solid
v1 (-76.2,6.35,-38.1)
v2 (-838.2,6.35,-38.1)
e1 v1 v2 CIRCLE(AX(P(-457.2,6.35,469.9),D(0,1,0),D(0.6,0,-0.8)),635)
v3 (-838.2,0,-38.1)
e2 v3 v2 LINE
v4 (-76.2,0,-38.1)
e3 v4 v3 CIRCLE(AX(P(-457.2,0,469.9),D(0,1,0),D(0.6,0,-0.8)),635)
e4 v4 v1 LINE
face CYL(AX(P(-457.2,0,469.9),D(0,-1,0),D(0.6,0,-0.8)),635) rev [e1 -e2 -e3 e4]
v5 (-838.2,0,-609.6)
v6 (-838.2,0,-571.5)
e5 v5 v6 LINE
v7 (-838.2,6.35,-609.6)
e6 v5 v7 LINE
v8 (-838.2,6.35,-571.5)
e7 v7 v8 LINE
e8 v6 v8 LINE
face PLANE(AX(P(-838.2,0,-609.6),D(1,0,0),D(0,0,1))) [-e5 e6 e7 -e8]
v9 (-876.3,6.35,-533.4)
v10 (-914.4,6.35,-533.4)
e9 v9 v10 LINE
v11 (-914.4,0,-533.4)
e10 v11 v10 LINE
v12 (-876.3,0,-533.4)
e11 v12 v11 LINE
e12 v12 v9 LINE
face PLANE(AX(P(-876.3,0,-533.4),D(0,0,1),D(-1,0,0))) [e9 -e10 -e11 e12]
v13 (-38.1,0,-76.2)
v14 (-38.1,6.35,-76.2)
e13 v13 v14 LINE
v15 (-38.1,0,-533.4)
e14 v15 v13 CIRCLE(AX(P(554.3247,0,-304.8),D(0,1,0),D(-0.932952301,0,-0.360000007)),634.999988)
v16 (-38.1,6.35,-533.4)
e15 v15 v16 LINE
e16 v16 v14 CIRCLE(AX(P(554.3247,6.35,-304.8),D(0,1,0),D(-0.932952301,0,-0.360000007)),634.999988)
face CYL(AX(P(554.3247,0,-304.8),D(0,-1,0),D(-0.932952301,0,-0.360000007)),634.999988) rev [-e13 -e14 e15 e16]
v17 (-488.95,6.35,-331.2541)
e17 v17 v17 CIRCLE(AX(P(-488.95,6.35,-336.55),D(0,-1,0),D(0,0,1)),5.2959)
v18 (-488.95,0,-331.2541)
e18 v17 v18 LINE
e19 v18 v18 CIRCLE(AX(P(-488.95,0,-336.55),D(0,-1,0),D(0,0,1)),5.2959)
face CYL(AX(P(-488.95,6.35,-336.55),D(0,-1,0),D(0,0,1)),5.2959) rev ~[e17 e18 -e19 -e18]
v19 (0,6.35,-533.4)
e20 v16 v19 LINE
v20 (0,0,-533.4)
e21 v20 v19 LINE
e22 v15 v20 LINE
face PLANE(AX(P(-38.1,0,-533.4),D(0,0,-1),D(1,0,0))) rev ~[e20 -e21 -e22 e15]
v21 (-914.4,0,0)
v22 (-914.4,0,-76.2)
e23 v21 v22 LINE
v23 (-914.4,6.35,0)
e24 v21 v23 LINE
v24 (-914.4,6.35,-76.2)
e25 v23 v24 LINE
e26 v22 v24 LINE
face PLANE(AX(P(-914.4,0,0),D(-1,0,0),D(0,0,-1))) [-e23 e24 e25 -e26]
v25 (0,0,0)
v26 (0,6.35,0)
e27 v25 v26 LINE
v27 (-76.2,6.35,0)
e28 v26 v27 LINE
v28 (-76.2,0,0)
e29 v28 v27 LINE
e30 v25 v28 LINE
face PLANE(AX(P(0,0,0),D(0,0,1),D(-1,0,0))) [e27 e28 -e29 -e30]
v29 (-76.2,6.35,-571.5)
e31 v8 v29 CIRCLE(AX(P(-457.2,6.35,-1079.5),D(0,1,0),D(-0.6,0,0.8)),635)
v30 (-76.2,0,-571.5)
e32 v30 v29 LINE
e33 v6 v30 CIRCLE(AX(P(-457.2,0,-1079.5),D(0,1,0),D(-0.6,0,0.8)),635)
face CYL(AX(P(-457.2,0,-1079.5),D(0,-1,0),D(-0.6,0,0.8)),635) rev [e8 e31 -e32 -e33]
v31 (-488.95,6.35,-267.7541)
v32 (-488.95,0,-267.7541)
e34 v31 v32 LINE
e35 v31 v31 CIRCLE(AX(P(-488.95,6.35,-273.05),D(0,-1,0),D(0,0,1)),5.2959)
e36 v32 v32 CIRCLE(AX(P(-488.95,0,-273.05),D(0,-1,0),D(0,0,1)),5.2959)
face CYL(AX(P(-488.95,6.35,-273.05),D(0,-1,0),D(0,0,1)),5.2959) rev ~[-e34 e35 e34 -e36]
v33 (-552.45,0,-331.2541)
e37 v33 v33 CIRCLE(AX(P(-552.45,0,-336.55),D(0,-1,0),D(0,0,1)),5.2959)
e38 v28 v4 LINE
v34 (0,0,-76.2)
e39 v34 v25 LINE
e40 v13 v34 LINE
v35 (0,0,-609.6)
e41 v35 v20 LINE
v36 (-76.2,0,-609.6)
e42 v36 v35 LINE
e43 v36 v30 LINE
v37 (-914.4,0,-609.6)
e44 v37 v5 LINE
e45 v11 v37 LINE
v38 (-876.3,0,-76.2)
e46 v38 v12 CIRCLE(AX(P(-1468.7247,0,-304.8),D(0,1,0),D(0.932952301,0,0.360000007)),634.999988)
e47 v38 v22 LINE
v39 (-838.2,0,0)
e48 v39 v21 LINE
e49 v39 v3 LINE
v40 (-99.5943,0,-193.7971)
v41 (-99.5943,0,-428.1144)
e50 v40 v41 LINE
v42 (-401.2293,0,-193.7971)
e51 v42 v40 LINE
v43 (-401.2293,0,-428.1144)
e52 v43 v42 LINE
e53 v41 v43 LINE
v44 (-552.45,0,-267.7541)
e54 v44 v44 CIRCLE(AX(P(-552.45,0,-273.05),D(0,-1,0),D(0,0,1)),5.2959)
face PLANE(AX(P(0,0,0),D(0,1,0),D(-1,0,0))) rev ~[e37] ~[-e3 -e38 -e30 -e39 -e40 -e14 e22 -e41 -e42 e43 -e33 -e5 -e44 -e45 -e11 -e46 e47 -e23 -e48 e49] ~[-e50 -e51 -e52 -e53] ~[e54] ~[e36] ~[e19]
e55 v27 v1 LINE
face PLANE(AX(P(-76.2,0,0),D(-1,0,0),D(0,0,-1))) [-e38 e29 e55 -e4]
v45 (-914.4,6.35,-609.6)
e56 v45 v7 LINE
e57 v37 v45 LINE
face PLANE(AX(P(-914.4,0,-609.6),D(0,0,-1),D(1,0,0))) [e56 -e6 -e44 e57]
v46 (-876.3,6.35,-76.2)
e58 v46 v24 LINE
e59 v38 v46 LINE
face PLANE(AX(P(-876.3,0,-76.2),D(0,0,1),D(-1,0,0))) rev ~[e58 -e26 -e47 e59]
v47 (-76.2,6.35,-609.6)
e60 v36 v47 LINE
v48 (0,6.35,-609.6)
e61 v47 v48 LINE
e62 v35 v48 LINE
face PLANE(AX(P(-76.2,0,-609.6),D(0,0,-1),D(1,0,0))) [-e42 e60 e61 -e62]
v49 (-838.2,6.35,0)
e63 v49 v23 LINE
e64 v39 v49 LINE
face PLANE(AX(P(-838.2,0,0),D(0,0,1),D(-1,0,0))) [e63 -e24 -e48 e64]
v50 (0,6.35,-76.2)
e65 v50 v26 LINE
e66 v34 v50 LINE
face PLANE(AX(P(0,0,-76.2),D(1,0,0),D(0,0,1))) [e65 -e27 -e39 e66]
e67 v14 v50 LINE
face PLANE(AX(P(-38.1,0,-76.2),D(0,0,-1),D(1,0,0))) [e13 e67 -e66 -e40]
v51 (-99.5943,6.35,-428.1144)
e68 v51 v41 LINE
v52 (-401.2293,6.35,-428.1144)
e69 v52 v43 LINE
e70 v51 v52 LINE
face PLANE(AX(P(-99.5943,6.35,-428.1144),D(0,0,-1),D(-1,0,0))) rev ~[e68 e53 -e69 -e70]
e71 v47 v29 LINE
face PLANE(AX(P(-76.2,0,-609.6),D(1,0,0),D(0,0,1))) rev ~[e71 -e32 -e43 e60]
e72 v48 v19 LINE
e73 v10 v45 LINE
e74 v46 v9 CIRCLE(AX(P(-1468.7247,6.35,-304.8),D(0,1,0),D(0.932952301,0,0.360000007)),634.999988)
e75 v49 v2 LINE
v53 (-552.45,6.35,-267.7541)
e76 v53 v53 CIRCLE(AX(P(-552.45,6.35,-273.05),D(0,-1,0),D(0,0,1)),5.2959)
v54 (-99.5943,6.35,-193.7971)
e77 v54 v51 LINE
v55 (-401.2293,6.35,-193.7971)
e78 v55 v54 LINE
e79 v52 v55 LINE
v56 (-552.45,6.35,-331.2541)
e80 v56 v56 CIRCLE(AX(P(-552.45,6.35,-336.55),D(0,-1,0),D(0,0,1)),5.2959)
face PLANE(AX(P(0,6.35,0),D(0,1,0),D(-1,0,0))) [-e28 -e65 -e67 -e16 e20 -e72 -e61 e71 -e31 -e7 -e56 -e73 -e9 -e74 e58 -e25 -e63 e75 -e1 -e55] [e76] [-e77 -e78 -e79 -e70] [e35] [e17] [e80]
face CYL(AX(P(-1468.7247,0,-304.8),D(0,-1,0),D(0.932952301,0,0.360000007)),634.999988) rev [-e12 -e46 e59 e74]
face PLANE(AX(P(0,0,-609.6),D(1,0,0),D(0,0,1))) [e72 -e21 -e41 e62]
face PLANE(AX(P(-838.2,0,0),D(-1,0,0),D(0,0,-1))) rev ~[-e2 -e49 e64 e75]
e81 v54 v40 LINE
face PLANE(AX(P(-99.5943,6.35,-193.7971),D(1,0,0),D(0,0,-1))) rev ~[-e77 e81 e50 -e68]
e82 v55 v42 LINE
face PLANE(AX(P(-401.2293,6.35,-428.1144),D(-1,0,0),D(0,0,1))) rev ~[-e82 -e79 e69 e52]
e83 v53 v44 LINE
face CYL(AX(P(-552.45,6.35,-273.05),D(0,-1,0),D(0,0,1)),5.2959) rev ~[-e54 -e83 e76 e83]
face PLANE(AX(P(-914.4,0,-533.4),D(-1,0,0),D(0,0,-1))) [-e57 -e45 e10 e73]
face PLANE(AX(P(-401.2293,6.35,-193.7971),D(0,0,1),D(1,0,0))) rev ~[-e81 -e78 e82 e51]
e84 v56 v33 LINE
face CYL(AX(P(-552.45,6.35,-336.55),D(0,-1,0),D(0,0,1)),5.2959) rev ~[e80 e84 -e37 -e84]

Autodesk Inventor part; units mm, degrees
ref_plane "YZ Plane" through (0, 0, 0) normal (1, 0, 0) x (0, 1, 0)
ref_plane "XZ Plane" through (0, 0, 0) normal (0, 1, 0) x (-1, 0, 0)
ref_plane "XY Plane" through (0, 0, 0) normal (0, 0, 1) x (1, 0, 0)
sketch "Sketch1" plane through (0, 0, 0) normal (0, 1, 0) x (-1, 0, 0)
  line L0 (0, 0) -> (914.4, 0)
  line L1 (914.4, 0) -> (914.4, -609.6)
  line L2 (914.4, -609.6) -> (0, -609.6)
  line L3 (0, -609.6) -> (0, 0)
  line L4 (0, -609.6) -> (76.2, -609.6)
  line L5 (76.2, -609.6) -> (76.2, -533.4)
  line L6 (76.2, -533.4) -> (0, -533.4)
  line L7 (0, -533.4) -> (0, -609.6)
  line L8 (0, 0) -> (76.2, 0)
  line L9 (76.2, 0) -> (76.2, -76.2)
  line L10 (76.2, -76.2) -> (0, -76.2)
  line L11 (0, -76.2) -> (0, 0)
  line L12 (914.4, -609.6) -> (838.2, -609.6)
  line L13 (838.2, -609.6) -> (838.2, -533.4)
  line L14 (838.2, -533.4) -> (914.4, -533.4)
  line L15 (914.4, -533.4) -> (914.4, -609.6)
  line L16 (914.4, 0) -> (838.2, 0)
  line L17 (838.2, 0) -> (838.2, -76.2)
  line L18 (838.2, -76.2) -> (914.4, -76.2)
  line L19 (914.4, -76.2) -> (914.4, 0)
  arc A0 (838.2, -571.5) -> (76.2, -571.5) centre (457.2, -1079.5) ccw
  arc A1 (76.2, -38.1) -> (838.2, -38.1) centre (457.2, 469.9) ccw
  arc A2 (876.3, -76.2) -> (876.3, -533.4) centre (1468.7247, -304.8) ccw
  arc A3 (38.1, -533.4) -> (38.1, -76.2) centre (-554.3247, -304.8) ccw
  dimension "d17" = 609.6
  dimension "d18" = 76.2
  dimension "d19" = 76.2
  dimension "d20" = 76.2
  dimension "d21" = 76.2
  dimension "d22" = 76.2
  dimension "d23" = 76.2
  dimension "d24" = 76.2
  dimension "d25" = 76.2
  dimension "d26" = 635
  dimension "d27" = 635
  dimension "d28" = 635
  dimension "d29" = 635
extrude "Extrusion2" add sketch "Sketch1" along normal blind 6.35 contours L0 L9 L10 L3 | L0 L1 L18 L17 | A1 L17 L18 A2 L14 L13 A0 L5 L6 A3 L10 L9 | L6 L5 L2 L3 | L1 L2 L13 L14
sketch "Sketch2" plane through (0, 6.35, 0) normal (0, 1, 0) x (1, 0, 0)
  arc A0 (-76.2, 38.1) -> (-838.2, 38.1) centre (-457.2, -469.9) ccw projected
  arc A1 (-838.2, 571.5) -> (-76.2, 571.5) centre (-457.2, 1079.5) ccw projected
  line L0 (-457.2, 304.8) -> (-457.2, 241.3)
  line L1 (-457.2, 241.3) -> (-584.2, 241.3)
  line L2 (-584.2, 241.3) -> (-584.2, 368.3)
  line L3 (-584.2, 368.3) -> (-457.2, 368.3)
  line L4 (-457.2, 368.3) -> (-457.2, 241.3)
  line L5 (-584.2, 304.8) -> (-520.7, 368.3) construction
  line L6 (-520.7, 368.3) -> (-457.2, 304.8) construction
  line L7 (-552.45, 336.55) -> (-488.95, 336.55) construction
  line L8 (-584.2, 304.8) -> (-520.7, 241.3) construction
  line L9 (-457.2, 304.8) -> (-520.7, 241.3) construction
  line L10 (-552.45, 273.05) -> (-488.95, 273.05) construction
  circle A2 centre (-552.45, 273.05) radius 4.5 construction
  circle A3 centre (-488.95, 273.05) radius 4.5 construction
  circle A4 centre (-488.95, 336.55) radius 4.5 construction
  circle A5 centre (-552.45, 336.55) radius 4.5 construction
  point P0 (0, 0)
  dimension "d35" = 9
  dimension "d36" = 9
  dimension "d37" = 9
  dimension "d38" = 9
hole "Hole1" at (-552.45, 6.35, -273.05) at (-552.45, 6.35, -336.55) at (-488.95, 6.35, -336.55) at (-488.95, 6.35, -273.05) direction (0, -1, 0) diameter 10.5918 end through all thread size "1/2-13 UNC" class "2B" standard "ANSI Unified Screw Threads"
sketch "Sketch3" plane through (0, 6.35, 0) normal (0, 1, 0) x (1, 0, 0)
  point P0 (0, 0)
sketch "Sketch4" plane through (0, 6.35, 0) normal (0, 1, 0) x (1, 0, 0)
  line L0 (-401.2293, 193.7971) -> (-99.5943, 193.7971)
  line L1 (-99.5943, 193.7971) -> (-99.5943, 428.1144)
  line L2 (-99.5943, 428.1144) -> (-401.2293, 428.1144)
  line L3 (-401.2293, 428.1144) -> (-401.2293, 193.7971)
  point P0 (0, 0)
extrude "Extrusion3" cut sketch "Sketch4" against normal blind 6.35
properties part number "TopV3"
